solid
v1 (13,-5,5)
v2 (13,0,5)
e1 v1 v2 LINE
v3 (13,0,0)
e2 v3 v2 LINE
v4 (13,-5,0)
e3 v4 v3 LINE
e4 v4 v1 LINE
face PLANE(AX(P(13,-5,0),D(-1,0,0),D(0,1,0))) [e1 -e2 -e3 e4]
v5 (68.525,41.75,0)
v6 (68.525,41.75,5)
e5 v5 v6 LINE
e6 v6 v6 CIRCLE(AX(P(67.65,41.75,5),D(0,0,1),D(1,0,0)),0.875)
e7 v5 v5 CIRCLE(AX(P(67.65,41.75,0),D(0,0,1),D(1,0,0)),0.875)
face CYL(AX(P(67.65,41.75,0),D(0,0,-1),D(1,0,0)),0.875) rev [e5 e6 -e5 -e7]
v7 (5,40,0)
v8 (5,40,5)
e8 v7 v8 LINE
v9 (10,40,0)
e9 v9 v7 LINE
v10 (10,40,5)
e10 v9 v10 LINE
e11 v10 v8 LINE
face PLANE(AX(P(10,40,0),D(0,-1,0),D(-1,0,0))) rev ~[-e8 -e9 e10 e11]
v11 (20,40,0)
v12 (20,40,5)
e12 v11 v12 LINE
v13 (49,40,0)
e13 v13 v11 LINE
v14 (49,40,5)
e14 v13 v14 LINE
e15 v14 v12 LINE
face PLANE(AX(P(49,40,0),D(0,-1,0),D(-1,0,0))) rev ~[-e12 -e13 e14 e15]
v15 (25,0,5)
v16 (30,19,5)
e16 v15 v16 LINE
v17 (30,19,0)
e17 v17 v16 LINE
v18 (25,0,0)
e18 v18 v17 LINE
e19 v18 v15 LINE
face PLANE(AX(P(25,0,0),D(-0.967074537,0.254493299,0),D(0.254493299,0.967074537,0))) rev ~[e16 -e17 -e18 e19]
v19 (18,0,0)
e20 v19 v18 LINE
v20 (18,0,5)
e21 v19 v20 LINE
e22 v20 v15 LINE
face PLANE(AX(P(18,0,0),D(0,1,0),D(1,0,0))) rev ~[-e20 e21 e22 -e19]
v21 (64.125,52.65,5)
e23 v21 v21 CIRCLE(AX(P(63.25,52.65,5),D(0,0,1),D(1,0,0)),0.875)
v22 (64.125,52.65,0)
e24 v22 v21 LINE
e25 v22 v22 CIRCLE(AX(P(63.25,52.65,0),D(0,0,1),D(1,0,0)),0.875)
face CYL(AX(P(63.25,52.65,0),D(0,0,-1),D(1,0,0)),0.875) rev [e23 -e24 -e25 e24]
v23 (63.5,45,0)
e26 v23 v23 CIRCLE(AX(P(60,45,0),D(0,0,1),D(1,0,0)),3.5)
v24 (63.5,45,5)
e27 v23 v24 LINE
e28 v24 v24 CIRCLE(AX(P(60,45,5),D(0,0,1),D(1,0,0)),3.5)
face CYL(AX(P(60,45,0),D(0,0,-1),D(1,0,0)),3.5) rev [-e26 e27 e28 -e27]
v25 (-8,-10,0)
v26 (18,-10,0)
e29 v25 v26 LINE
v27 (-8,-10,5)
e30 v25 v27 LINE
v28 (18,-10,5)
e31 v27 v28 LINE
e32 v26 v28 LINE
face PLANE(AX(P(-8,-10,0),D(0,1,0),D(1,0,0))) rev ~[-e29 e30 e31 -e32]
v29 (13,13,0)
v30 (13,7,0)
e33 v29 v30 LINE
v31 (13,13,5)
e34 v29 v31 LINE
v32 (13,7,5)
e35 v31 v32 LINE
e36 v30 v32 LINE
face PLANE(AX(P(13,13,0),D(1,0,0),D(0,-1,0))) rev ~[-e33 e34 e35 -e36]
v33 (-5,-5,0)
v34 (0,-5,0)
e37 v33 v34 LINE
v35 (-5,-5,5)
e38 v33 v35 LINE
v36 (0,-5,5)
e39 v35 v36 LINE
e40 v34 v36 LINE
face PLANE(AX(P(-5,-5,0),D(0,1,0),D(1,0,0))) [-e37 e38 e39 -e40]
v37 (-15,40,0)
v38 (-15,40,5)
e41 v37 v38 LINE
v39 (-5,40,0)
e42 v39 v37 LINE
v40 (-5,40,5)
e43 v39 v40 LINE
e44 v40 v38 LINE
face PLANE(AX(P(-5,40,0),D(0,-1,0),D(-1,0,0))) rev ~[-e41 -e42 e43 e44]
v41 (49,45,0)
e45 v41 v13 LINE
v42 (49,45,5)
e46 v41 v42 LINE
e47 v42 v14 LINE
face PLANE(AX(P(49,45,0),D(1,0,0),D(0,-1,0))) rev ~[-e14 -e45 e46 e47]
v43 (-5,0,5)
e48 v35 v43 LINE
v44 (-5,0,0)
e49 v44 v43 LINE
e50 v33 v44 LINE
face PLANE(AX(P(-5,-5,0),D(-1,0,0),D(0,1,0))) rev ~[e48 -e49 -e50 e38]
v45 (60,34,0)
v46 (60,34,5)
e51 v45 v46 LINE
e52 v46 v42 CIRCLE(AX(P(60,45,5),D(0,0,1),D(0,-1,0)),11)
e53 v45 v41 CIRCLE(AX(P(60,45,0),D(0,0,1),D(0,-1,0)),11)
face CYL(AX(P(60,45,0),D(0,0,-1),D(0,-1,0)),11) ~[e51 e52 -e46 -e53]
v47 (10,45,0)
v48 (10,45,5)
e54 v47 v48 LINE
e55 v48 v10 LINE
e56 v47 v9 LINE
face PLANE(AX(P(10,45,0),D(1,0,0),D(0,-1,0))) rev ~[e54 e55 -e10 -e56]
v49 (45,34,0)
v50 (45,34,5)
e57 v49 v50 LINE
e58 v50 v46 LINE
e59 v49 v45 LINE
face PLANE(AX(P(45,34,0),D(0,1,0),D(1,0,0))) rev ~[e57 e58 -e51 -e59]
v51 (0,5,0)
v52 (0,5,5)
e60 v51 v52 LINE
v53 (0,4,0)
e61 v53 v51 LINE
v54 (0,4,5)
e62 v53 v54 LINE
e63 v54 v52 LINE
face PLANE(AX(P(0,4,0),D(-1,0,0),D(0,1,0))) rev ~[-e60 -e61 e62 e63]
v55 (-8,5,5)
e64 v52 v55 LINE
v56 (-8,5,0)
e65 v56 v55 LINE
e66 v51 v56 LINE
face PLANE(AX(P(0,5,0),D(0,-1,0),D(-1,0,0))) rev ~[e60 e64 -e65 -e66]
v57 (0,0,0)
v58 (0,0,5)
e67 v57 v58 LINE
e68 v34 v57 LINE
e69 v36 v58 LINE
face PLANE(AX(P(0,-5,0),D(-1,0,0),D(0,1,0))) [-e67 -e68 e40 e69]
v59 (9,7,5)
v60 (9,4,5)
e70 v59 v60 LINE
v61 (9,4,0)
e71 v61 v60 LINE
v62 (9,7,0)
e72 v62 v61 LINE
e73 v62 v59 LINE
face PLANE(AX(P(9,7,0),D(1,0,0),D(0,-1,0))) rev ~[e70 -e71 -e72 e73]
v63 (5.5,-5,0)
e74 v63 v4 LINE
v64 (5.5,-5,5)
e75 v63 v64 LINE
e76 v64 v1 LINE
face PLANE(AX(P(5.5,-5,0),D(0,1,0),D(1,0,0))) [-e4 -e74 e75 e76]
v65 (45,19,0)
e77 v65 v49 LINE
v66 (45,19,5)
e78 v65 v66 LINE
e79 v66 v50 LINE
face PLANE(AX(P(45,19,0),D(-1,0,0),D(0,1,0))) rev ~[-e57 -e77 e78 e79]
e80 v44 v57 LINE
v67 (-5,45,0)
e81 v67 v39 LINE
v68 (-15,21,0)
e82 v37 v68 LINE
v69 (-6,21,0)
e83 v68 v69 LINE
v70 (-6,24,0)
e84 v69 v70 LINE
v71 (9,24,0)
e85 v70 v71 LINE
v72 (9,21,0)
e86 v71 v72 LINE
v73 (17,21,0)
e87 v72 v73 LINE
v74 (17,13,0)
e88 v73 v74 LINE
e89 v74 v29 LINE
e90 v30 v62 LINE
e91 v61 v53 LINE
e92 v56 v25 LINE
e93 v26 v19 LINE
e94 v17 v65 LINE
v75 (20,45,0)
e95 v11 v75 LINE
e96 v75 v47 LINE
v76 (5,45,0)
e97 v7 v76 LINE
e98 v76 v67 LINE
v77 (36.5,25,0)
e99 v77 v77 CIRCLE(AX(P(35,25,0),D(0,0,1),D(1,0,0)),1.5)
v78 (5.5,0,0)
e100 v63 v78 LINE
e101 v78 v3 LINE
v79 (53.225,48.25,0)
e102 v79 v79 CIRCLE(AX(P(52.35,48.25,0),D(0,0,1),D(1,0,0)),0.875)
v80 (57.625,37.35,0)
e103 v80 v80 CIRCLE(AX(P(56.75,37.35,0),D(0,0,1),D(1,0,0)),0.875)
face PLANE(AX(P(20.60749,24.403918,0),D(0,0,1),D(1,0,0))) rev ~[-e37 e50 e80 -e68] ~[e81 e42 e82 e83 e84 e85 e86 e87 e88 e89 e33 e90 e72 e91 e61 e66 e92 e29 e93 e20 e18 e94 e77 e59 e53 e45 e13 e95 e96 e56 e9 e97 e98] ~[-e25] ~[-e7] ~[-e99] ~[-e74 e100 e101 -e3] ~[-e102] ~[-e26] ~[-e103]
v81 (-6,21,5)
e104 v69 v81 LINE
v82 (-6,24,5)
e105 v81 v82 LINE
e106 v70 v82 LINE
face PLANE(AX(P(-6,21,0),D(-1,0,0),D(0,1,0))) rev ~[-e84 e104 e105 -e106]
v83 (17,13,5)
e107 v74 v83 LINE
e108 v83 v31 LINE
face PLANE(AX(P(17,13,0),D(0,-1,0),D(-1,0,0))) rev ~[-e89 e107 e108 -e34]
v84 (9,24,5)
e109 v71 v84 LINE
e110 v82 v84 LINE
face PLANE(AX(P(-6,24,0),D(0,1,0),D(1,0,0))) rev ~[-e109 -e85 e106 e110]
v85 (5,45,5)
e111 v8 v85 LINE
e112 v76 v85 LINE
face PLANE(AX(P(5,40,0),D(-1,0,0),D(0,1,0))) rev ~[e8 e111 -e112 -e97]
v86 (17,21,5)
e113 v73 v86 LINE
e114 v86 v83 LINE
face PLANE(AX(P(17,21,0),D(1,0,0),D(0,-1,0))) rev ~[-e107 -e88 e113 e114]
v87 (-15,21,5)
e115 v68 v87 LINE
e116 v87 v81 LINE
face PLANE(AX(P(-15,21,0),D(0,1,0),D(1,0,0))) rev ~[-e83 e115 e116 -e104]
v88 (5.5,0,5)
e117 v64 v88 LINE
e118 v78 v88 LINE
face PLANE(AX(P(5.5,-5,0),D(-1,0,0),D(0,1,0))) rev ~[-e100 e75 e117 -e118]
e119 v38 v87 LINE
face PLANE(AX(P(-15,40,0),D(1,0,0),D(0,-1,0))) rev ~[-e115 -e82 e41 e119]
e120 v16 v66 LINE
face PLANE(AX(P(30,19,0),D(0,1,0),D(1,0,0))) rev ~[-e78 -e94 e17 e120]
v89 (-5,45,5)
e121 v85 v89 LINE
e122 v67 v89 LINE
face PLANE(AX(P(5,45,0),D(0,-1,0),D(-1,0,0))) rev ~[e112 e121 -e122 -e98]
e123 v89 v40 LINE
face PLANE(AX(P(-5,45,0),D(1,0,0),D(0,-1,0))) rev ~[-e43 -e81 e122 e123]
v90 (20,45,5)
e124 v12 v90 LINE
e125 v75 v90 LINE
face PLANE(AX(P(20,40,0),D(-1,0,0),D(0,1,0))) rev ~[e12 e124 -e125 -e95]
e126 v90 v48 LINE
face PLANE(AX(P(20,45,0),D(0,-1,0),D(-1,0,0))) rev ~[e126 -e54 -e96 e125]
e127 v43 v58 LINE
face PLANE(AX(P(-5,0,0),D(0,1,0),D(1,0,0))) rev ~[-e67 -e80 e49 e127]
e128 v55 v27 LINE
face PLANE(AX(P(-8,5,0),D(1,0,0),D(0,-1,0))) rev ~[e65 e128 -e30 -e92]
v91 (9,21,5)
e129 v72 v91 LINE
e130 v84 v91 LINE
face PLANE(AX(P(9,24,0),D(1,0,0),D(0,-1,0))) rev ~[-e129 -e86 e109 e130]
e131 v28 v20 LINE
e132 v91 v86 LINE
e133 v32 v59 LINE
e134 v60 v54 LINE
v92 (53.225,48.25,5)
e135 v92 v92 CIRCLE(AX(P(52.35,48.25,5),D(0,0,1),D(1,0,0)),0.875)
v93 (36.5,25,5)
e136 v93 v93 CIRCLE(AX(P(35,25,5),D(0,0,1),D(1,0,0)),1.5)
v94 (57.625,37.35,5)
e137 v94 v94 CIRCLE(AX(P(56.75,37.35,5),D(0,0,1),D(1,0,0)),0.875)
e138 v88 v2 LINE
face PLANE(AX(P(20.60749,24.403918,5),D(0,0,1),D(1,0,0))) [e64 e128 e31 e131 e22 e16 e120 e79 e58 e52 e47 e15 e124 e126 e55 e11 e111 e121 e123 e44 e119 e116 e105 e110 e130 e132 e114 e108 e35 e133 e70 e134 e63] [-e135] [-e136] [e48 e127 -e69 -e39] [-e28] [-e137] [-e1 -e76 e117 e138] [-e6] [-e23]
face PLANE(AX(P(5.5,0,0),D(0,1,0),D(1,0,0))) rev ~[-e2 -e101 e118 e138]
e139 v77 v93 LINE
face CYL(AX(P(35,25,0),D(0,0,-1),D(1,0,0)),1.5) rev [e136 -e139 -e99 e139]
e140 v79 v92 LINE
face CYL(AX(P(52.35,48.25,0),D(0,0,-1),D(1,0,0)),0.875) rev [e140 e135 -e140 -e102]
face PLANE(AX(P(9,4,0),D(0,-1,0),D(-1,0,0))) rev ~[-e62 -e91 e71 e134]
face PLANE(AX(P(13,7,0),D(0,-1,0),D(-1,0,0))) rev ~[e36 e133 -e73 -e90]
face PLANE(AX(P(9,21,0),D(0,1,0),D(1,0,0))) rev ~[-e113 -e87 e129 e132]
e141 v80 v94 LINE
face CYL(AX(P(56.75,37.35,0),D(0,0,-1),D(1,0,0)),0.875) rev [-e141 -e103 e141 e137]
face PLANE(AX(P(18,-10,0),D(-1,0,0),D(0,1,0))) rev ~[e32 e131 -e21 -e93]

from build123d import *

# Parameters (mm, degrees)
ESQUISSE1_W        = 5
ESQUISSE1_H        = 5
ESQUISSE1_W_2      = 7.5
ESQUISSE1_R        = 1.5
ESQUISSE1_R_2      = 0.875
ESQUISSE1_R_3      = 3.5
BOSS_EXTRU_1_DEPTH = 5


with BuildPart() as part:
    # Esquisse1 → Boss.-Extru.1 (new body)
    with BuildSketch(Plane.XY):
        with BuildLine():
            Line((-8, 5), (-8, -10))
            Line((-8, -10), (18, -10))
            Line((18, -10), (18, 0))
            Line((18, 0), (25, 0))
            Line((25, 0), (30, 19))
            Line((30, 19), (45, 19))
            Line((45, 19), (45, 34))
            Line((45, 34), (60, 34))
            ThreePointArc((60, 34), (67.778174593, 52.778174593), (49, 45))
            Line((49, 45), (49, 40))
            Line((49, 40), (20, 40))
            Line((20, 40), (20, 45))
            Line((20, 45), (10, 45))
            Line((10, 45), (10, 40))
            Line((10, 40), (5, 40))
            Line((5, 40), (5, 45))
            Line((5, 45), (-5, 45))
            Line((-5, 45), (-5, 40))
            Line((-5, 40), (-15, 40))
            Line((-15, 40), (-15, 21))
            Line((-15, 21), (-6, 21))
            Line((-6, 21), (-6, 24))
            Line((-6, 24), (9, 24))
            Line((9, 24), (9, 21))
            Line((9, 21), (17, 21))
            Line((17, 21), (17, 13))
            Line((17, 13), (13, 13))
            Line((13, 13), (13, 7))
            Line((13, 7), (9, 7))
            Line((9, 7), (9, 4))
            Line((9, 4), (0, 4))
            Line((0, 4), (0, 5))
            Line((0, 5), (-8, 5))
        make_face()
        with Locations((-2.5, -2.5)):
            Rectangle(ESQUISSE1_W, ESQUISSE1_H, mode=Mode.SUBTRACT)
        with Locations((9.25, -2.5)):
            Rectangle(ESQUISSE1_W_2, ESQUISSE1_H, mode=Mode.SUBTRACT)
        with Locations((35, 25)):
            Circle(ESQUISSE1_R, mode=Mode.SUBTRACT)
        with Locations((56.75, 37.35)):
            Circle(ESQUISSE1_R_2, mode=Mode.SUBTRACT)
        with Locations((60, 45)):
            Circle(ESQUISSE1_R_3, mode=Mode.SUBTRACT)
        with Locations((67.65, 41.75)):
            Circle(ESQUISSE1_R_2, mode=Mode.SUBTRACT)
        with Locations((52.35, 48.25)):
            Circle(ESQUISSE1_R_2, mode=Mode.SUBTRACT)
        with Locations((63.25, 52.65)):
            Circle(ESQUISSE1_R_2, mode=Mode.SUBTRACT)
    extrude(amount=BOSS_EXTRU_1_DEPTH)


solid = part.part
